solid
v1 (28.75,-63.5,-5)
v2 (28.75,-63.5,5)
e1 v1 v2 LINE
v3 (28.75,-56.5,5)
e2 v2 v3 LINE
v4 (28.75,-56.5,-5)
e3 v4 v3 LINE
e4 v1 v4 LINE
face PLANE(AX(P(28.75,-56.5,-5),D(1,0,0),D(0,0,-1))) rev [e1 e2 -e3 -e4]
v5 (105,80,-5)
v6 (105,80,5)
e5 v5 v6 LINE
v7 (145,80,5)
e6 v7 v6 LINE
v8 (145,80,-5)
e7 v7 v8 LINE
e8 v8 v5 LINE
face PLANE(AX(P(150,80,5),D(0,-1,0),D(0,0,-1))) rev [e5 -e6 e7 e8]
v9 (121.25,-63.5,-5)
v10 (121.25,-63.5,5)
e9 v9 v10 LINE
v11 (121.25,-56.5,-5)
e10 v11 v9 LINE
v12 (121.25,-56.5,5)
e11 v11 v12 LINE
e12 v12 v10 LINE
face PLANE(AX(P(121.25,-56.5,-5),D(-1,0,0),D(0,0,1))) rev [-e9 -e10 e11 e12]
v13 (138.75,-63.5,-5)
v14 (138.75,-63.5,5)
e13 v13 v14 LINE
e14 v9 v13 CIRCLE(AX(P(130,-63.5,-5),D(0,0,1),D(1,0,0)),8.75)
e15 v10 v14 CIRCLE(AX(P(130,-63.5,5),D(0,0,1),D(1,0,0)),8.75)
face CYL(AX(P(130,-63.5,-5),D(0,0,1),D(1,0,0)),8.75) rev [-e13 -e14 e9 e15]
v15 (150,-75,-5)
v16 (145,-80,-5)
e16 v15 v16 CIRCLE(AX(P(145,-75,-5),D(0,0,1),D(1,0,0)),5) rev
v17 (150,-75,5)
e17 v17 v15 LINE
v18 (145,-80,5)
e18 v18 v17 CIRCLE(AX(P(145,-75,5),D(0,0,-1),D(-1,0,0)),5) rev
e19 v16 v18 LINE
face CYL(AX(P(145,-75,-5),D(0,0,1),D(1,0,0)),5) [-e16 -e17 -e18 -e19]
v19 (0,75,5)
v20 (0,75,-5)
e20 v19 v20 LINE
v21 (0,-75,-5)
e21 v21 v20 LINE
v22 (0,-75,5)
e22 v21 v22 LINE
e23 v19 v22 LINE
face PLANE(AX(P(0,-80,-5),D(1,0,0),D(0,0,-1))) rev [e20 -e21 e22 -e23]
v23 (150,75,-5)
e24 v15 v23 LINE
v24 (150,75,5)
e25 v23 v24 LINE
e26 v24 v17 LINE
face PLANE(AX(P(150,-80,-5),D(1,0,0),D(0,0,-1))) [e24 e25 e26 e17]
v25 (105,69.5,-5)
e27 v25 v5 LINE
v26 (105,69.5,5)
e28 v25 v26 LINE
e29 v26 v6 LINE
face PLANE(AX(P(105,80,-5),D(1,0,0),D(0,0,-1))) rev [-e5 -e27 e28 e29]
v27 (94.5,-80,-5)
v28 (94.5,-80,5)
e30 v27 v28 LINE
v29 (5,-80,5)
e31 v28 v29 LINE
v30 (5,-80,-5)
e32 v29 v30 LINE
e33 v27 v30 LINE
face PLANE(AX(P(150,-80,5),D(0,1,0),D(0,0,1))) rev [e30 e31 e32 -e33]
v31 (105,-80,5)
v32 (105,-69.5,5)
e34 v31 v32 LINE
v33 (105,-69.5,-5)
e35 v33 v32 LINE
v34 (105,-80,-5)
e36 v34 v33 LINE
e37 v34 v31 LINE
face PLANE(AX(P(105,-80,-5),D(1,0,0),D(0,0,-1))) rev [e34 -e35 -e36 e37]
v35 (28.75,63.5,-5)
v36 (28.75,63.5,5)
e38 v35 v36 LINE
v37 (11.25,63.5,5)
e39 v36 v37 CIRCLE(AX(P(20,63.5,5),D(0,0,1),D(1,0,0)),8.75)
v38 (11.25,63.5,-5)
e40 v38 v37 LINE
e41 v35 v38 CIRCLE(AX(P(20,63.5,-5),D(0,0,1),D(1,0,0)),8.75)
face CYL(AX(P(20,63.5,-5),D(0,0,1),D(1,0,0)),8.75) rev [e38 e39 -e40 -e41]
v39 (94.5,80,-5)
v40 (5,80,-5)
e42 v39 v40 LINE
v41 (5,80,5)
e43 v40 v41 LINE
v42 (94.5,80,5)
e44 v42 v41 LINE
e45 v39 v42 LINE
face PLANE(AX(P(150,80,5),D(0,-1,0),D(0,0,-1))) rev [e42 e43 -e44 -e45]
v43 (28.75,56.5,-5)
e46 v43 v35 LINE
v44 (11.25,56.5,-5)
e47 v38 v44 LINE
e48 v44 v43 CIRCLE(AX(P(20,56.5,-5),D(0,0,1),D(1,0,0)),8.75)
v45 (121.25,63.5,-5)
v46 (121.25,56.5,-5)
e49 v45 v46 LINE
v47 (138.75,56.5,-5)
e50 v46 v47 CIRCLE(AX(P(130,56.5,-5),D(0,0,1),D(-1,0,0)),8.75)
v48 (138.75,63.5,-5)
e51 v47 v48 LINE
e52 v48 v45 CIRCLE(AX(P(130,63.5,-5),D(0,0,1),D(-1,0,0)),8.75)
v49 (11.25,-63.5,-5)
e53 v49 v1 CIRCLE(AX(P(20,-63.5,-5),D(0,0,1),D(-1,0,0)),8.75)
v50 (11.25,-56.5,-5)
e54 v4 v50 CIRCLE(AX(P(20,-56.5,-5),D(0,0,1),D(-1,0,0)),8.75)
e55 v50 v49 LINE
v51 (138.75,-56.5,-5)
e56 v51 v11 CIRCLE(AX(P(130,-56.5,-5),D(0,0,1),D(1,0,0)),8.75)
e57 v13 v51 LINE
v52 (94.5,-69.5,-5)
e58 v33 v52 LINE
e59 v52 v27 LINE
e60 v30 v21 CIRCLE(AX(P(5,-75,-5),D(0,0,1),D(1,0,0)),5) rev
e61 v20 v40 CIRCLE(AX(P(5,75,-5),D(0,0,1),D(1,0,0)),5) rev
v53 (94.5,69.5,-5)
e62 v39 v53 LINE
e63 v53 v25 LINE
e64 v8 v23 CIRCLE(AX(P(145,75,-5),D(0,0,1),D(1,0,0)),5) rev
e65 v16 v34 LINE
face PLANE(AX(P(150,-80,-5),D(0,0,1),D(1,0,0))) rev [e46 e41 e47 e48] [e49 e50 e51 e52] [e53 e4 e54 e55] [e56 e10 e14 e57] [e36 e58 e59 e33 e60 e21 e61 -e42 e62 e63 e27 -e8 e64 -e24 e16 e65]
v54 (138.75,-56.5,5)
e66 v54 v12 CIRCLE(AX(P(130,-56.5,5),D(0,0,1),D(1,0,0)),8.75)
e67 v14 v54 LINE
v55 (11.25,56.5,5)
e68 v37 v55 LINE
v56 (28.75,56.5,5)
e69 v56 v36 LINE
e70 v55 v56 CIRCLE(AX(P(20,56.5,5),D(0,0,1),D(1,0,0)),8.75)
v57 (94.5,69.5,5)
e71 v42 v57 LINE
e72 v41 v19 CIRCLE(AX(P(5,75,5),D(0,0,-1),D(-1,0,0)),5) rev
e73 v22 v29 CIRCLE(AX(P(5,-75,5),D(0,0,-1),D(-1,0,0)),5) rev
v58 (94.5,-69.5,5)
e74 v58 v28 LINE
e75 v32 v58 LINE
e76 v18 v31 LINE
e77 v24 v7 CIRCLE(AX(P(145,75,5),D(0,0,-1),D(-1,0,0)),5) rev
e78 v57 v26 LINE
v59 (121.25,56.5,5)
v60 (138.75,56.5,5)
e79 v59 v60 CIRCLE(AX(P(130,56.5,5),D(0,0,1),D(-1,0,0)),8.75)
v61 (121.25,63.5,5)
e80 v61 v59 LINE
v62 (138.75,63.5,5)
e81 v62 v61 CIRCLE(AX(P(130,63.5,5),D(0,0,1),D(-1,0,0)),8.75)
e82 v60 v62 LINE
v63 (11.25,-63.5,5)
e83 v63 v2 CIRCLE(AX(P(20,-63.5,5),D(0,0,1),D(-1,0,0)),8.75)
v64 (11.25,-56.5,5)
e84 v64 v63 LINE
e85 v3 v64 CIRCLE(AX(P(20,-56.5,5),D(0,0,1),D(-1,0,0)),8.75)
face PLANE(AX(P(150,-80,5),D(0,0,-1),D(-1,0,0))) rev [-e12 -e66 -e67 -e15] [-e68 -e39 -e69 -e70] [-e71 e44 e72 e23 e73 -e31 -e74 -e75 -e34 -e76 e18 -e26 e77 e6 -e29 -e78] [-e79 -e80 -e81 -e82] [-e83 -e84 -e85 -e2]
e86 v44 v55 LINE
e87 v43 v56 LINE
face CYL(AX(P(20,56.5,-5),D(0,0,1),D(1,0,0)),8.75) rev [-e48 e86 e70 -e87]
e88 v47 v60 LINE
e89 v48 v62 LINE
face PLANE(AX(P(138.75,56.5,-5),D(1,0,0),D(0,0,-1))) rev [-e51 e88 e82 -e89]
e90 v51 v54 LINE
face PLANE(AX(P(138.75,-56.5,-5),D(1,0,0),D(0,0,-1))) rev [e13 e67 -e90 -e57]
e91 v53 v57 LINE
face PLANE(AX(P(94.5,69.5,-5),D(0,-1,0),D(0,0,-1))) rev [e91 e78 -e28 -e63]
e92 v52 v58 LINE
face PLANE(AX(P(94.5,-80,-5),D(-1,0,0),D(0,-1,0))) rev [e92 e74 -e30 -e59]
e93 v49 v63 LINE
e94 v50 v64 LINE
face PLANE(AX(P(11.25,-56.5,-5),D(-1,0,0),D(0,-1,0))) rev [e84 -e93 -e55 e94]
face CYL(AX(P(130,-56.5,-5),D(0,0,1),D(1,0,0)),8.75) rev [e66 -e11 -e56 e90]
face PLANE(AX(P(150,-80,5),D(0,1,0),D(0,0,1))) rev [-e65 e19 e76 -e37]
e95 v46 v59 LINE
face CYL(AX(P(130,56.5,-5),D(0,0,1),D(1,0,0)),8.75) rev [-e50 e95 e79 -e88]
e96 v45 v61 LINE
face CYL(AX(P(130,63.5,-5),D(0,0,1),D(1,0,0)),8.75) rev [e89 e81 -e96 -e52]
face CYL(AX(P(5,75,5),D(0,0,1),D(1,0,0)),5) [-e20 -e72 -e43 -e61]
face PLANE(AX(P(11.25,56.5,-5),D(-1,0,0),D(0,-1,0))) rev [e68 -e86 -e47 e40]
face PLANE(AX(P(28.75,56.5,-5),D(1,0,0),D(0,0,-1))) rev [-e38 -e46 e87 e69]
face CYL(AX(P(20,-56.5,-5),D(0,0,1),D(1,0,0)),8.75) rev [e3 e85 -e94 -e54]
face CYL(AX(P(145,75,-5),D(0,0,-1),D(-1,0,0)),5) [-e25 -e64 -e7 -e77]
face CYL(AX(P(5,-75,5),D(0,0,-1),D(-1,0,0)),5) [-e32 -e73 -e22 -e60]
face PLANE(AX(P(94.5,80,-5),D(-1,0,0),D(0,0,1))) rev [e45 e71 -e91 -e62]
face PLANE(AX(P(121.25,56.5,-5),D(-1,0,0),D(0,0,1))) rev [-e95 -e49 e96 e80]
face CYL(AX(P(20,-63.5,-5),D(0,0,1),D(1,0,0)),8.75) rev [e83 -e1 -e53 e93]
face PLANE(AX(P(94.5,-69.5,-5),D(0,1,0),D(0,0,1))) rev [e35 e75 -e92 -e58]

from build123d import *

# Parameters (mm, degrees)
PLAT_W                      = 160
PLAT_H                      = 10
EL_MENT_M_CANO_SOUD_1_DEPTH = 150
D_GAGEMENT_M161_D           = 17.5
D_GAGEMENT_M161_DEPTH       = 10
D_GAGEMENT_M161_TIP         = 5.257530416
ESQUISSE4_W                 = 10.5
ESQUISSE4_H                 = 10.5
ENL_V_MAT_EXTRU_1_DEPTH     = 11
CONG_1_R                    = 5
ENL_V_MAT_EXTRU_2_DEPTH     = 10


with BuildPart() as part:
    # plat → Elément mécano-soudé1 (new body)
    with BuildSketch(Plane.YZ):
        Rectangle(PLAT_W, PLAT_H)
    extrude(amount=EL_MENT_M_CANO_SOUD_1_DEPTH)

    # Dégagement M161
    with Locations(Plane.XY.offset(5)):
        with Locations((130, -60), (130, 60), (20, 60), (20, -60)):
            Hole(D_GAGEMENT_M161_D / 2, depth=D_GAGEMENT_M161_DEPTH)
            with Locations((0, 0, -(D_GAGEMENT_M161_DEPTH + D_GAGEMENT_M161_TIP / 2))):  # 118° drill point
                Cone(0, D_GAGEMENT_M161_D / 2, D_GAGEMENT_M161_TIP, mode=Mode.SUBTRACT)

    # Esquisse4 → Enlèv. mat.-Extru.1 (cut, through all)
    with BuildSketch(Plane.XY.offset(5)):
        with Locations((99.75, 74.75)):
            Rectangle(ESQUISSE4_W, ESQUISSE4_H)
        with Locations((99.75, -74.75)):
            Rectangle(ESQUISSE4_W, ESQUISSE4_H)
    extrude(amount=-ENL_V_MAT_EXTRU_1_DEPTH, mode=Mode.SUBTRACT)

    # Congé1
    cong_1_edges = [part.edges().sort_by_distance(p)[0] for p in [
        (150, 80, 0),
        (150, -80, 0),
        (0, 80, 0),
        (0, -80, 0),
    ]]
    fillet(cong_1_edges, radius=CONG_1_R)

    # Esquisse5 → Enlèv. mat.-Extru.2 (cut)
    with BuildSketch(Plane.XY.offset(5)):
        with BuildLine():
            Line((11.25, 56.5), (11.25, 63.5))
            ThreePointArc((11.25, 63.5), (20, 72.25), (28.75, 63.5))
            Line((28.75, 63.5), (28.75, 56.5))
            ThreePointArc((28.75, 56.5), (20, 47.75), (11.25, 56.5))
        make_face()
        with BuildLine():
            Line((138.75, 56.5), (138.75, 63.5))
            ThreePointArc((138.75, 63.5), (130, 72.25), (121.25, 63.5))
            Line((121.25, 63.5), (121.25, 56.5))
            ThreePointArc((121.25, 56.5), (130, 47.75), (138.75, 56.5))
        make_face()
        with BuildLine():
            Line((138.75, -56.5), (138.75, -63.5))
            ThreePointArc((138.75, -63.5), (130, -72.25), (121.25, -63.5))
            Line((121.25, -63.5), (121.25, -56.5))
            ThreePointArc((121.25, -56.5), (130, -47.75), (138.75, -56.5))
        make_face()
        with BuildLine():
            Line((11.25, -56.5), (11.25, -63.5))
            ThreePointArc((11.25, -63.5), (20, -72.25), (28.75, -63.5))
            Line((28.75, -63.5), (28.75, -56.5))
            ThreePointArc((28.75, -56.5), (20, -47.75), (11.25, -56.5))
        make_face()
    extrude(amount=-ENL_V_MAT_EXTRU_2_DEPTH, mode=Mode.SUBTRACT)


solid = part.part
